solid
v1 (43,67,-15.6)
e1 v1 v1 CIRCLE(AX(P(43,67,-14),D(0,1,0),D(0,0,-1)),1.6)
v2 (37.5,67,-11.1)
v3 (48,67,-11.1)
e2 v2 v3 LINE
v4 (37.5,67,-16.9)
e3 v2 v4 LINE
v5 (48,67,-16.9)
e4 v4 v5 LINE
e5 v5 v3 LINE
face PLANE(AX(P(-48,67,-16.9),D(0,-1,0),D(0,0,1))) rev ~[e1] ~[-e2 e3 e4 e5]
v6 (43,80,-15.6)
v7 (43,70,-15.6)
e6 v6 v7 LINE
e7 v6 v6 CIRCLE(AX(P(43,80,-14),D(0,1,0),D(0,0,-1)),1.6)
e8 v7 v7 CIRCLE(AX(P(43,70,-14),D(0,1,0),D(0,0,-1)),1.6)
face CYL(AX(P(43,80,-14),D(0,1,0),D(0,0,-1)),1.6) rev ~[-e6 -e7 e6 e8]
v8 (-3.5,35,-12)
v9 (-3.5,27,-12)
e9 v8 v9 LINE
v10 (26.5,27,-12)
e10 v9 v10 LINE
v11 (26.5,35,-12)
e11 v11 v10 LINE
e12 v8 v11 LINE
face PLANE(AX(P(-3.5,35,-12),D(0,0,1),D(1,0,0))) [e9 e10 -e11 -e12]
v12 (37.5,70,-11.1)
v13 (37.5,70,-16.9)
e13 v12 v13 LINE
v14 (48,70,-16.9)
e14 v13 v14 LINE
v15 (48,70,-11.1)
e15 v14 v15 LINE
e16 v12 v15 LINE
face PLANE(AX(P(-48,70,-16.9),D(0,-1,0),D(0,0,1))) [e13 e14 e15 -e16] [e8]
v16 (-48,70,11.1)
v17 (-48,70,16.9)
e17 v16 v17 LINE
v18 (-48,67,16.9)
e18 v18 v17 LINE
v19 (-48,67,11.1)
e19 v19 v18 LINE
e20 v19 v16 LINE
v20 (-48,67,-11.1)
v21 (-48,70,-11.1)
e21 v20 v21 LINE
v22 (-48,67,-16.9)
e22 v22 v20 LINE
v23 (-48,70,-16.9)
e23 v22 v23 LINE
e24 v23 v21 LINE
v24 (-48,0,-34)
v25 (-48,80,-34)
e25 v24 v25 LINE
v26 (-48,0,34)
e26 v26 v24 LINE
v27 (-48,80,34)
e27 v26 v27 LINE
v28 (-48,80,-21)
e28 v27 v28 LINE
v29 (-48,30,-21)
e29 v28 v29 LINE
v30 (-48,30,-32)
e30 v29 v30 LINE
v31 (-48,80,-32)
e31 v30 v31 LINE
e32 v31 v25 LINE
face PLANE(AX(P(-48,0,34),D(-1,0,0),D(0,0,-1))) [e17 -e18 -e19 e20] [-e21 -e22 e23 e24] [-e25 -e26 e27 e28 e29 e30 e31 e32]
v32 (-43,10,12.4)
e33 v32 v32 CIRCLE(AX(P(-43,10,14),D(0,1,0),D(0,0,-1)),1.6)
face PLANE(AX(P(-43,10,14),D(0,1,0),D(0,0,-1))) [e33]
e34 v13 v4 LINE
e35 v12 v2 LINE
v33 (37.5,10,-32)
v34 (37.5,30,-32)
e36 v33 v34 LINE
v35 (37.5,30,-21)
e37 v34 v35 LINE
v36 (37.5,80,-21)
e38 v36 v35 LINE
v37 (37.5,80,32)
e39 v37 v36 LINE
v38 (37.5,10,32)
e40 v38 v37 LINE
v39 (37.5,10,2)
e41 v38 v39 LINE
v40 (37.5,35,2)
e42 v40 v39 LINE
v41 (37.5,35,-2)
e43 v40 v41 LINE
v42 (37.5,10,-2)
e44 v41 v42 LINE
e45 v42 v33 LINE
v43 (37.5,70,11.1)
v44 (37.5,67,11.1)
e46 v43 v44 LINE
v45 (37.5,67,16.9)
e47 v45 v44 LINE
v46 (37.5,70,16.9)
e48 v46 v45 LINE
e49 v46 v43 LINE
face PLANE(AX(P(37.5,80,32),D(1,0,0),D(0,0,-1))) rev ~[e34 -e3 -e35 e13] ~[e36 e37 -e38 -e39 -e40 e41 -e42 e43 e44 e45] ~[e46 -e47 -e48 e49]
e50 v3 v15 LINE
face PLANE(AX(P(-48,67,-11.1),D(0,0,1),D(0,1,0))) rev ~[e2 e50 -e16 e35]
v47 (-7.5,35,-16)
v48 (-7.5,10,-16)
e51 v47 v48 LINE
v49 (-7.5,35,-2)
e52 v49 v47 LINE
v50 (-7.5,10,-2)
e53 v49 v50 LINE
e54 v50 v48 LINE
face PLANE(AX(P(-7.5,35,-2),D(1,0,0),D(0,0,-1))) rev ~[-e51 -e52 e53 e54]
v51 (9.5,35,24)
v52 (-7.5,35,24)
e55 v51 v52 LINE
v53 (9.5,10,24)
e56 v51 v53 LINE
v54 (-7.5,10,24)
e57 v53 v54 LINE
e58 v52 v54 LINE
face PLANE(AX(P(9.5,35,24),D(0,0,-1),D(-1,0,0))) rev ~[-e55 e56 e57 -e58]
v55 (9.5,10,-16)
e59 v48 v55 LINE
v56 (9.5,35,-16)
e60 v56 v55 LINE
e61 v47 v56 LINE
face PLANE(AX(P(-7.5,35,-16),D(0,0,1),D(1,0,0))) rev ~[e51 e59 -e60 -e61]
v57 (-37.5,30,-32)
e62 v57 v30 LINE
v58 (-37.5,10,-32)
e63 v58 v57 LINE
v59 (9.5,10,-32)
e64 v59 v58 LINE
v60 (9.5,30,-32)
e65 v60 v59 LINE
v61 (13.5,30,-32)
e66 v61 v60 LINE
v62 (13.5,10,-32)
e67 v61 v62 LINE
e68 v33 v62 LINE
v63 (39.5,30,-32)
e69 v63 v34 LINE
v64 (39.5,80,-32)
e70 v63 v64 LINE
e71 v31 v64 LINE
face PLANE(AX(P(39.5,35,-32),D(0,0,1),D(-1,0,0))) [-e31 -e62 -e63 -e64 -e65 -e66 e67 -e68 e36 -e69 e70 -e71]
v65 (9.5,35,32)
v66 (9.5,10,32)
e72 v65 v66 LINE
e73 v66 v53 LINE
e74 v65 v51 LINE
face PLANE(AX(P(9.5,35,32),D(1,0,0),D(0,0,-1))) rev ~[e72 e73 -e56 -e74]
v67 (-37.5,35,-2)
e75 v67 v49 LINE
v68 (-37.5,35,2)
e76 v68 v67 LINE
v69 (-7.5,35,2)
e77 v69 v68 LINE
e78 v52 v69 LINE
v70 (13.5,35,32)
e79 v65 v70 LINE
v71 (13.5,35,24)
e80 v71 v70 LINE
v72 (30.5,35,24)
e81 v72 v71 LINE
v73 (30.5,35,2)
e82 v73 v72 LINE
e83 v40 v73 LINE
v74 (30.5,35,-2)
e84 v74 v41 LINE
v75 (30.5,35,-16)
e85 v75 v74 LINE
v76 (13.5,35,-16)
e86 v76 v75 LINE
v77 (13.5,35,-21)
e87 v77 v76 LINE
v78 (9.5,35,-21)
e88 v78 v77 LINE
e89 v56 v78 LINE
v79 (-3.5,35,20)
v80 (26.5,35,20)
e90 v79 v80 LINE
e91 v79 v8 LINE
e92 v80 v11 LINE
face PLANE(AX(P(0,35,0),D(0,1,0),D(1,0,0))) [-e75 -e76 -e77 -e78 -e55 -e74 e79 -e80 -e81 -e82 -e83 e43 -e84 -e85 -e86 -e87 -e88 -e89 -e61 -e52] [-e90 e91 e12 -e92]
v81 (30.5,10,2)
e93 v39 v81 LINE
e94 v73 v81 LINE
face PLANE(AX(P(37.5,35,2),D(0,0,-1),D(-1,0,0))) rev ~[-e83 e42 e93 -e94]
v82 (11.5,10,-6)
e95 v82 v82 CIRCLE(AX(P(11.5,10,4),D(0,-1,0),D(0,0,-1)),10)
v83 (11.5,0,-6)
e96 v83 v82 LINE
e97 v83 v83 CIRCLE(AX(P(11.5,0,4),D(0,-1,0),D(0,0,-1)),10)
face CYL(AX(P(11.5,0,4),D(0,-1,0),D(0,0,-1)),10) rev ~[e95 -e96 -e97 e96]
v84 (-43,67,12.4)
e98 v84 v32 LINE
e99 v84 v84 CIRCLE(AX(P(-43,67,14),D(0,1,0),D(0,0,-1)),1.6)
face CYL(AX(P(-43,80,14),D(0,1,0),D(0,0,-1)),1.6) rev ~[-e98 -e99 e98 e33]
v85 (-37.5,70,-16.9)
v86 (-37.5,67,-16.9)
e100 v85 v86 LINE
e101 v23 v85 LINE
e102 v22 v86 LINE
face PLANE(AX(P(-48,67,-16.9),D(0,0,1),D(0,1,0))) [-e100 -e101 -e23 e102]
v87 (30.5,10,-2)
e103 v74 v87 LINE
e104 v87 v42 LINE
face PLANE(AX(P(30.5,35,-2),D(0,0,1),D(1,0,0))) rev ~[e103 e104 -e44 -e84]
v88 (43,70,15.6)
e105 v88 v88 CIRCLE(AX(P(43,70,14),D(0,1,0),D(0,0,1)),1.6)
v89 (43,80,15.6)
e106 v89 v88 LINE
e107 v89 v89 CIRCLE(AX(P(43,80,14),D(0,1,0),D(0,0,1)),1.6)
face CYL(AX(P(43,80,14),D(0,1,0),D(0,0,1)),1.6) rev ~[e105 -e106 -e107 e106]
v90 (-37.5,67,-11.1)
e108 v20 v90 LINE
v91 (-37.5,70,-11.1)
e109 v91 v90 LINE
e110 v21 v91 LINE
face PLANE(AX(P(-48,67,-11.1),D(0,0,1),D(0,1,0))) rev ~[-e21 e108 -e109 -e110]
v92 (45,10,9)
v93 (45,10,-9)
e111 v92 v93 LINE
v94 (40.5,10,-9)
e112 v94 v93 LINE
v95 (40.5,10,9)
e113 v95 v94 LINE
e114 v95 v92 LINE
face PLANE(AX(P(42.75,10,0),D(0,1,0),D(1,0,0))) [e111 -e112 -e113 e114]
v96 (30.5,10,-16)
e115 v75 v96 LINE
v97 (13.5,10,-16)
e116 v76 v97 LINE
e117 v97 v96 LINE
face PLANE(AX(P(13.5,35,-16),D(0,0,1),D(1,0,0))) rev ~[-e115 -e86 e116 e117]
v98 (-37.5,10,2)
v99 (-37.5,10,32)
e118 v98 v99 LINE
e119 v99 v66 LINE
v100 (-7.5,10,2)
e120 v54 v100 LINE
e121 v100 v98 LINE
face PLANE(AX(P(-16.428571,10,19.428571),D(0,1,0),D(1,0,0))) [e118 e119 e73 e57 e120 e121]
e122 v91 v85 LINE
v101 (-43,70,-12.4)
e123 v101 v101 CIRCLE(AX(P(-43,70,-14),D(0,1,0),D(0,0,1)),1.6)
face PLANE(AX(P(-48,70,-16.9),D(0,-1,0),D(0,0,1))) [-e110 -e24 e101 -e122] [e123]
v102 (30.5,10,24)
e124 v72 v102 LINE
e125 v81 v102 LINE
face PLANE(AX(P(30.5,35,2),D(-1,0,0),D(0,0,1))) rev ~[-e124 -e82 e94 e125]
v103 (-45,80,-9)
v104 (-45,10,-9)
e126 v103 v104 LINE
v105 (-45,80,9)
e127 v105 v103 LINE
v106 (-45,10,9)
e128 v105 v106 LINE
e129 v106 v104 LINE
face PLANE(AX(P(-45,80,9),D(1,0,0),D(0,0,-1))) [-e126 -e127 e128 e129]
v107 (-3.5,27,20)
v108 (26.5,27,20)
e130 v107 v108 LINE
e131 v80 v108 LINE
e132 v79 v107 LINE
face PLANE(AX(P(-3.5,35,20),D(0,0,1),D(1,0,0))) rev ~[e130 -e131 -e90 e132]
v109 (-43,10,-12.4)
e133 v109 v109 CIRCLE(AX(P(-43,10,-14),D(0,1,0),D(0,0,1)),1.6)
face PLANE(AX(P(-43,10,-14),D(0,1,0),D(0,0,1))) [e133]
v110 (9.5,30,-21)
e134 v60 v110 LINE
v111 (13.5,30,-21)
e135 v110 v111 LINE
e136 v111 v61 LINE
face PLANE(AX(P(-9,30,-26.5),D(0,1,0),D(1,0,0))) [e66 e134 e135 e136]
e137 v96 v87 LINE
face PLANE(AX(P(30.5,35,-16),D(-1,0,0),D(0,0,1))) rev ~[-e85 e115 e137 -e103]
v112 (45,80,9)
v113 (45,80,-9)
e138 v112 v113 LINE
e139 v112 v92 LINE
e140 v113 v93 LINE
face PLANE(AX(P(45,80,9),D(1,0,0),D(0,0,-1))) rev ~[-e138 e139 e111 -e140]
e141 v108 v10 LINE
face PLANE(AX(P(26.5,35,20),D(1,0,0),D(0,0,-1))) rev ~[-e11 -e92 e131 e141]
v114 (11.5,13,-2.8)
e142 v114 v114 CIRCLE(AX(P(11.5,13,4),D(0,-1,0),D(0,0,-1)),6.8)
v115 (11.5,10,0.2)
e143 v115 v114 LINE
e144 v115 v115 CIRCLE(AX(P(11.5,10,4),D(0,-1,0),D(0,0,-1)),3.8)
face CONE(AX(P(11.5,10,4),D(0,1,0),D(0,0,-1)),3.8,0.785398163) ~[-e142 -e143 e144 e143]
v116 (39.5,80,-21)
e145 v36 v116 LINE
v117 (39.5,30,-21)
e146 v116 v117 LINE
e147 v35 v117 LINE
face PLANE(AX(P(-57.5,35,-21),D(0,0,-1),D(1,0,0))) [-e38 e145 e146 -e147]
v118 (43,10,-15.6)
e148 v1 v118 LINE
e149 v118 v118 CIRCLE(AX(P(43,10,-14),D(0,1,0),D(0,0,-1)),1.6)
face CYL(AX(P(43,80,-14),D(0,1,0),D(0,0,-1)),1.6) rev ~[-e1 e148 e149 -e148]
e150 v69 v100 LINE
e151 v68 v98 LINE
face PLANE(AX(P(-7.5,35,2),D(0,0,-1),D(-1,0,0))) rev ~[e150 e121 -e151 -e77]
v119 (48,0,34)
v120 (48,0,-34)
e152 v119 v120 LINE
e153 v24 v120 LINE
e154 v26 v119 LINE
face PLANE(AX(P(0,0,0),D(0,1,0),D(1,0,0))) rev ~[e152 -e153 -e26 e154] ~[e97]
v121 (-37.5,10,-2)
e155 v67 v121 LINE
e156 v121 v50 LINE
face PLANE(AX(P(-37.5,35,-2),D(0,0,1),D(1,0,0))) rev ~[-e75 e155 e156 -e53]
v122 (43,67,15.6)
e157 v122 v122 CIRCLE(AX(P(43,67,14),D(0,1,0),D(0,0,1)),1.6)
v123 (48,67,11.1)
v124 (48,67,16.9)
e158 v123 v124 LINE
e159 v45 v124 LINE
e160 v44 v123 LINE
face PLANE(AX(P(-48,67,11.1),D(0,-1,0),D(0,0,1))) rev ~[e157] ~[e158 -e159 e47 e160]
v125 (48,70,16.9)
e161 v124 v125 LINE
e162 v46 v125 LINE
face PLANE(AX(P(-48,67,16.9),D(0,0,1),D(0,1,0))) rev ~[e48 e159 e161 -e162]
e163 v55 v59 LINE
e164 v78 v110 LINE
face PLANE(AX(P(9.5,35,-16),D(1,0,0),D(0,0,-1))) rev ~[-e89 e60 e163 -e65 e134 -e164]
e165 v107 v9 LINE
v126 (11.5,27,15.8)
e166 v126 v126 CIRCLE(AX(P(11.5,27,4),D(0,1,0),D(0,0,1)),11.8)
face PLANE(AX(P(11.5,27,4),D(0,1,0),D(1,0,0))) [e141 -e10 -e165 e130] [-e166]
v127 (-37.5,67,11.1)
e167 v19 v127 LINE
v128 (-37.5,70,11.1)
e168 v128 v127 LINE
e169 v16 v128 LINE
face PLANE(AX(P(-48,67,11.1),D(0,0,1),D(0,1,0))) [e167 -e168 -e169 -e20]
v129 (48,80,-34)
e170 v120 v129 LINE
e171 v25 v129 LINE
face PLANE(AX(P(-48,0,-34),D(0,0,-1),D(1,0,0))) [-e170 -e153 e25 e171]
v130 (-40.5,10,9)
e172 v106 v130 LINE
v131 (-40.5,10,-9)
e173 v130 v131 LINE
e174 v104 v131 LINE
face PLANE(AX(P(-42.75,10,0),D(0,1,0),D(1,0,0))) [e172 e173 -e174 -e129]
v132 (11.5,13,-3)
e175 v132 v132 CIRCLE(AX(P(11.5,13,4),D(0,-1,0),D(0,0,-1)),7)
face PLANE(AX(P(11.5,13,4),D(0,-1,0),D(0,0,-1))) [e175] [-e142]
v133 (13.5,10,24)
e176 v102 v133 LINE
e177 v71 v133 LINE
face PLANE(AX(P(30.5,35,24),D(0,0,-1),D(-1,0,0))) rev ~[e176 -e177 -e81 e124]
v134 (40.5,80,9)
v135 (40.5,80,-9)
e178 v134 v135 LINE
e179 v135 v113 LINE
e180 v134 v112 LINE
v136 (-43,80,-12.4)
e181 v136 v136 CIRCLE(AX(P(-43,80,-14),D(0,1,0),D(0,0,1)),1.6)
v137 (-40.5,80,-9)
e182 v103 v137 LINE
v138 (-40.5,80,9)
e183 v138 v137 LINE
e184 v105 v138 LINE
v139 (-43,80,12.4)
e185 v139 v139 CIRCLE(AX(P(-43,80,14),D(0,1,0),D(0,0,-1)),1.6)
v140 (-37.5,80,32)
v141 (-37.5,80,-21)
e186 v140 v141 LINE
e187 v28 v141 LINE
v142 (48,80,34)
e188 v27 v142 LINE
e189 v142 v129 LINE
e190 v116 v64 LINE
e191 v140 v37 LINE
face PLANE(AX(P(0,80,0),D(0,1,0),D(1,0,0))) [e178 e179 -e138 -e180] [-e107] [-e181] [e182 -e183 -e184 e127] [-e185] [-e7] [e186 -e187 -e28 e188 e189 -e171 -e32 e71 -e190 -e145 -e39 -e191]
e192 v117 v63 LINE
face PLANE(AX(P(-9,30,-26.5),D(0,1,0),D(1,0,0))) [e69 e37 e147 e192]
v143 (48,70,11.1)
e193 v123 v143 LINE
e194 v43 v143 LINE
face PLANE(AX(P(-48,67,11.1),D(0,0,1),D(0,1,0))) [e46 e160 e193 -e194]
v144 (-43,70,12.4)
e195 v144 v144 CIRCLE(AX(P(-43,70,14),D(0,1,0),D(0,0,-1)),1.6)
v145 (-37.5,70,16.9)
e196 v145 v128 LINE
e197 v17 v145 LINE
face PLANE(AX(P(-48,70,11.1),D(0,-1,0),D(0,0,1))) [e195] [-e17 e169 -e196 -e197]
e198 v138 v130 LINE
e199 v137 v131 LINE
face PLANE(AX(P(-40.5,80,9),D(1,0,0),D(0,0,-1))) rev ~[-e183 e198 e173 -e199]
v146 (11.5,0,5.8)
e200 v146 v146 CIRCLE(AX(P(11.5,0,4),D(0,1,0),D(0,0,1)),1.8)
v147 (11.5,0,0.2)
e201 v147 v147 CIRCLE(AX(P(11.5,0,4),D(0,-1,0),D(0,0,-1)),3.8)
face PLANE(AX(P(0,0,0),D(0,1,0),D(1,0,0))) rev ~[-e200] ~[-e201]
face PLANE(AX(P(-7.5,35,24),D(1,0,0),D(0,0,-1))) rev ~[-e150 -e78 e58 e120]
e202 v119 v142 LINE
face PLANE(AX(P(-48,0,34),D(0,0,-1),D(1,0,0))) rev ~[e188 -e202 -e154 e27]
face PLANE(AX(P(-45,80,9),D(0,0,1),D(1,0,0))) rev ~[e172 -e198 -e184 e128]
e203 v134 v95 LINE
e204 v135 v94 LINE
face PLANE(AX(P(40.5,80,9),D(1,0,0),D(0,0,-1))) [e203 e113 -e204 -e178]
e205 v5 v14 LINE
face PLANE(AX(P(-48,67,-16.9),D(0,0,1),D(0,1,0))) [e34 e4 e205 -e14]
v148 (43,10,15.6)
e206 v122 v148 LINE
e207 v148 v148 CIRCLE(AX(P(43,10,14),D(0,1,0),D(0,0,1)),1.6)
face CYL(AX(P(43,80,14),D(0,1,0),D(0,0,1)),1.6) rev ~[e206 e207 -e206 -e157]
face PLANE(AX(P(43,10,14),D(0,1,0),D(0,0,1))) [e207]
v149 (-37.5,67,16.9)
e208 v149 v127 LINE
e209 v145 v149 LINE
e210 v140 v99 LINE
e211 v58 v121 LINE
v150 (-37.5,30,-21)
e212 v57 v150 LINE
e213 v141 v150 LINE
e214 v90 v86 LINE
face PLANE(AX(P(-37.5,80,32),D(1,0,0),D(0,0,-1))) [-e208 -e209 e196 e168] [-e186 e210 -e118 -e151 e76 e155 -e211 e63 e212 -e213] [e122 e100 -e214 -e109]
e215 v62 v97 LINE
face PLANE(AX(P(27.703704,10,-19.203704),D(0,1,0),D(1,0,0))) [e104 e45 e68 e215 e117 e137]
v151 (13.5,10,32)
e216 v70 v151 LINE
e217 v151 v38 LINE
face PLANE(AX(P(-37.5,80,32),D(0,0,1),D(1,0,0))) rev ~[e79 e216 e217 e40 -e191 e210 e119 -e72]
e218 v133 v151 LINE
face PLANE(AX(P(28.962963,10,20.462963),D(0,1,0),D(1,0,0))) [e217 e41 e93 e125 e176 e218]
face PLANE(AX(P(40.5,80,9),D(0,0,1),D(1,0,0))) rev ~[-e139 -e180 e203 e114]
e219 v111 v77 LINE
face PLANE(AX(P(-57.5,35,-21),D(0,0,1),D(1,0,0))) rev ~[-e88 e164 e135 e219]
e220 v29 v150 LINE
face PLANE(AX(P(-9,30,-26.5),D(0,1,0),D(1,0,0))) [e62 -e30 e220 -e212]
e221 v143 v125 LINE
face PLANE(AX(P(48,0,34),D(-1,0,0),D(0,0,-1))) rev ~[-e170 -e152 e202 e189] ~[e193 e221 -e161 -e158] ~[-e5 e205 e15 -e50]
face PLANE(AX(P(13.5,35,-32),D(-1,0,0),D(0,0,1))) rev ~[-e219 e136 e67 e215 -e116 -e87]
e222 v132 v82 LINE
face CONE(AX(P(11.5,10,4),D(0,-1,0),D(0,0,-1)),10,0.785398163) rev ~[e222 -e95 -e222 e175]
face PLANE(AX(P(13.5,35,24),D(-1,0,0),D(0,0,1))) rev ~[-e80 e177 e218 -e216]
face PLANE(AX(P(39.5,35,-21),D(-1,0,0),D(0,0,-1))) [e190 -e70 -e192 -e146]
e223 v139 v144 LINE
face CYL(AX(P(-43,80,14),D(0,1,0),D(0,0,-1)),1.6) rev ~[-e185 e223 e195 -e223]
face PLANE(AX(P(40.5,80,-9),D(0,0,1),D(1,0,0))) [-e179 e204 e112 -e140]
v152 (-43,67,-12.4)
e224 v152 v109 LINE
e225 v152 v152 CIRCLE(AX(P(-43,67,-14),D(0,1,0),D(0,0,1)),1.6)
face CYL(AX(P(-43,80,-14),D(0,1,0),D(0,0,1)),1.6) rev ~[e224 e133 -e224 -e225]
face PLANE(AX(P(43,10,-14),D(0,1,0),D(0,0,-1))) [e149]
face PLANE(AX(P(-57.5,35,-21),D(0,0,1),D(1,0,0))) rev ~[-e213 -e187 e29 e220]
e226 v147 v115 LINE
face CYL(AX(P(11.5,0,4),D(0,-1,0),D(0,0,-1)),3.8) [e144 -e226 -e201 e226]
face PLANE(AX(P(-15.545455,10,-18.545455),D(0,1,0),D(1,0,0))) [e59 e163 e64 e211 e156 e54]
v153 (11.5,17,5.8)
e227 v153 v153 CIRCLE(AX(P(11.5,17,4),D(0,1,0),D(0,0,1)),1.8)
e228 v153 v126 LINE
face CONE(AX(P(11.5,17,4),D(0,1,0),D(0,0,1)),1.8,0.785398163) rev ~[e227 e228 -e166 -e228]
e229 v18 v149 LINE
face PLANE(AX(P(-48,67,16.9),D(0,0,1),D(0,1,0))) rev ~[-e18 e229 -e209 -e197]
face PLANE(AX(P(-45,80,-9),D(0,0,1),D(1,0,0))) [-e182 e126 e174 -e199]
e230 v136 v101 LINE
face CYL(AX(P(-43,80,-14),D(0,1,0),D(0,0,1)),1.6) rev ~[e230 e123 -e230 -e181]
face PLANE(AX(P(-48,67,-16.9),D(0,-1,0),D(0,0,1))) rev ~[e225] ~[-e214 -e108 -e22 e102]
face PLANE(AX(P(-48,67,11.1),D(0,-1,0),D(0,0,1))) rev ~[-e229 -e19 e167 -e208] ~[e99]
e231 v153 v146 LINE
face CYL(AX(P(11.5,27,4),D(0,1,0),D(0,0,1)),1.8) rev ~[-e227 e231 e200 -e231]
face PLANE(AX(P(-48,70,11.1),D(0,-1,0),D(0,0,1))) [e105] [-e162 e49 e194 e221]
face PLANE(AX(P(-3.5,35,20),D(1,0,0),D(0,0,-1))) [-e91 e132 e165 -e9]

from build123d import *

# Parameters (mm, degrees)
SKETCH1_W                       = 96
SKETCH1_H                       = 68
BOSS_EXTRUDE1_DEPTH             = 80
SKETCH2_W                       = 75
SKETCH2_H                       = 64
CUT_EXTRUDE1_DEPTH              = 45
SKETCH3_W                       = 30
SKETCH3_H                       = 32
CUT_EXTRUDE2_DEPTH              = 8
SKETCH9_R                       = 1.8
CUT_EXTRUDE5_DEPTH              = 80.177016867
CHAMFER1_SIZE                   = 10
SKETCH10_R                      = 10
SKETCH10_R_2                    = 3.8
CUT_EXTRUDE7_DEPTH              = 13
CHAMFER2_SIZE                   = 3
CUT_EXTRUDE8_DEPTH              = 25
SKETCH12_R                      = 1.6
SKETCH12_W                      = 4.5
SKETCH12_H                      = 18
CUT_EXTRUDE9_DEPTH              = 70
SKETCH13_W                      = 5.8
SKETCH13_H                      = 3
CUT_EXTRUDE10_DEPTH             = 130.50675658
CUT_EXTRUDE11_DEPTH             = 5
CUT_EXTRUDE11_DIRECTION_2_REACH = 76.061


with BuildPart() as part:
    # Sketch1 → Boss-Extrude1 (new body)
    with BuildSketch(Plane(origin=(0, 0, 0), x_dir=(1, 0, 0), z_dir=(0, 1, 0))):
        Rectangle(SKETCH1_W, SKETCH1_H)
    extrude(amount=BOSS_EXTRUDE1_DEPTH)

    # Sketch2 → Cut-Extrude1 (cut)
    with BuildSketch(Plane(origin=(0, 80, 0), x_dir=(1, 0, 0), z_dir=(0, 1, 0))):
        Rectangle(SKETCH2_W, SKETCH2_H)
    extrude(amount=-CUT_EXTRUDE1_DEPTH, mode=Mode.SUBTRACT)

    # Sketch3 → Cut-Extrude2 (cut)
    with BuildSketch(Plane(origin=(0, 35, 0), x_dir=(1, 0, 0), z_dir=(0, 1, 0))):
        with Locations((11.5, -4)):
            Rectangle(SKETCH3_W, SKETCH3_H)
    extrude(amount=-CUT_EXTRUDE2_DEPTH, mode=Mode.SUBTRACT)

    # Sketch9 → Cut-Extrude5 (cut, through all)
    with BuildSketch(Plane(origin=(0, 27, 0), x_dir=(1, 0, 0), z_dir=(0, 1, 0))):
        with Locations(Location((11.5, -4, 0), (0, 0, 270))):
            Circle(SKETCH9_R)
    extrude(amount=-CUT_EXTRUDE5_DEPTH, mode=Mode.SUBTRACT)

    # Chamfer1
    chamfer1_edges = [part.edges().sort_by_distance(p)[0] for p in [
        (11.5, 27, 2.2),
    ]]
    chamfer(chamfer1_edges, length=CHAMFER1_SIZE)

    # Sketch10 → Cut-Extrude7 (cut)
    with BuildSketch(Plane.XZ):
        with Locations(Location((11.5, 4, 0), (0, 0, 270))):
            Circle(SKETCH10_R)
        with Locations(Location((11.5, 4, 0), (0, 0, 270))):
            Circle(SKETCH10_R_2, mode=Mode.SUBTRACT)
    extrude(amount=-CUT_EXTRUDE7_DEPTH, mode=Mode.SUBTRACT)

    # Chamfer2
    chamfer2_edges = [part.edges().sort_by_distance(p)[0] for p in [
        (11.5, 13, 14),
        (11.5, 13, 7.8),
    ]]
    chamfer(chamfer2_edges, length=CHAMFER2_SIZE)

    # Sketch11 → Cut-Extrude8 (cut)
    with BuildSketch(Plane(origin=(0, 35, 0), x_dir=(1, 0, 0), z_dir=(0, 1, 0))):
        Polygon((9.5, 32), (-37.5, 32), (-37.5, 2), (-7.5, 2), (-7.5, 16), (9.5, 16), align=None)
        Polygon((-7.5, -2), (-37.5, -2), (-37.5, -32), (9.5, -32), (9.5, -24), (-7.5, -24), align=None)
        Polygon((37.5, -32), (37.5, -2), (30.5, -2), (30.5, -24), (13.5, -24), (13.5, -32), align=None)
        Polygon((37.5, 32), (13.5, 32), (13.5, 16), (30.5, 16), (30.5, 2), (37.5, 2), align=None)
    extrude(amount=-CUT_EXTRUDE8_DEPTH, mode=Mode.SUBTRACT)

    # Sketch12 → Cut-Extrude9 (cut)
    with BuildSketch(Plane(origin=(0, 80, 0), x_dir=(1, 0, 0), z_dir=(0, 1, 0))):
        with Locations(Location((-43, 14, 0), (0, 0, 270))):
            Circle(SKETCH12_R)
        with Locations(Location((-43, -14, 0), (0, 0, 90))):
            Circle(SKETCH12_R)
        with Locations(Location((43, -14, 0), (0, 0, 270))):
            Circle(SKETCH12_R)
        with Locations(Location((43, 14, 0), (0, 0, 90))):
            Circle(SKETCH12_R)
        with Locations((-42.75, 0)):
            Rectangle(SKETCH12_W, SKETCH12_H)
        with Locations((42.75, 0)):
            Rectangle(SKETCH12_W, SKETCH12_H)
    extrude(amount=-CUT_EXTRUDE9_DEPTH, mode=Mode.SUBTRACT)

    # Sketch13 → Cut-Extrude10 (cut, through all)
    with BuildSketch(Plane.ZY.offset(48)):
        with Locations((-14, 68.5)):
            Rectangle(SKETCH13_W, SKETCH13_H)
        with Locations((14, 68.5)):
            Rectangle(SKETCH13_W, SKETCH13_H)
    extrude(amount=-CUT_EXTRUDE10_DEPTH, mode=Mode.SUBTRACT)

    # Sketch15 → Cut-Extrude11 (cut)
    with BuildSketch(Plane(origin=(0, 35, 0), x_dir=(1, 0, 0), z_dir=(0, 1, 0))):
        Polygon((-57.5, 28), (-57.5, 21), (39.5, 21), (39.5, 28), (39.5, 32), (-57.5, 32), align=None)
    extrude(amount=-CUT_EXTRUDE11_DEPTH, mode=Mode.SUBTRACT)

    # Cut-Extrude11 direction 2: up to this face of the body (flat: up to its plane)
    cut_extrude11_direction_2_end = Plane(part.part.faces().sort_by_distance((0, 80, -32.823564706))[0])
    # Sketch15 → Cut-Extrude11 direction 2 (cut, up to the picked face)
    with BuildSketch(Plane(origin=(0, 35, 0), x_dir=(1, 0, 0), z_dir=(0, 1, 0)), mode=Mode.PRIVATE) as cut_extrude11_direction_2_sk1:
        Polygon((-57.5, 28), (-57.5, 21), (39.5, 21), (39.5, 28), (39.5, 32), (-57.5, 32), align=None)
    cut_extrude11_direction_2_tool1 = split(extrude(cut_extrude11_direction_2_sk1.sketch, amount=CUT_EXTRUDE11_DIRECTION_2_REACH, mode=Mode.PRIVATE), bisect_by=cut_extrude11_direction_2_end, keep=Keep.BOTH, mode=Mode.PRIVATE)
    add(cut_extrude11_direction_2_tool1.solids().sort_by(Axis((-9, 35, -26.5), (0, 1, 0)))[0], mode=Mode.SUBTRACT)


solid = part.part
